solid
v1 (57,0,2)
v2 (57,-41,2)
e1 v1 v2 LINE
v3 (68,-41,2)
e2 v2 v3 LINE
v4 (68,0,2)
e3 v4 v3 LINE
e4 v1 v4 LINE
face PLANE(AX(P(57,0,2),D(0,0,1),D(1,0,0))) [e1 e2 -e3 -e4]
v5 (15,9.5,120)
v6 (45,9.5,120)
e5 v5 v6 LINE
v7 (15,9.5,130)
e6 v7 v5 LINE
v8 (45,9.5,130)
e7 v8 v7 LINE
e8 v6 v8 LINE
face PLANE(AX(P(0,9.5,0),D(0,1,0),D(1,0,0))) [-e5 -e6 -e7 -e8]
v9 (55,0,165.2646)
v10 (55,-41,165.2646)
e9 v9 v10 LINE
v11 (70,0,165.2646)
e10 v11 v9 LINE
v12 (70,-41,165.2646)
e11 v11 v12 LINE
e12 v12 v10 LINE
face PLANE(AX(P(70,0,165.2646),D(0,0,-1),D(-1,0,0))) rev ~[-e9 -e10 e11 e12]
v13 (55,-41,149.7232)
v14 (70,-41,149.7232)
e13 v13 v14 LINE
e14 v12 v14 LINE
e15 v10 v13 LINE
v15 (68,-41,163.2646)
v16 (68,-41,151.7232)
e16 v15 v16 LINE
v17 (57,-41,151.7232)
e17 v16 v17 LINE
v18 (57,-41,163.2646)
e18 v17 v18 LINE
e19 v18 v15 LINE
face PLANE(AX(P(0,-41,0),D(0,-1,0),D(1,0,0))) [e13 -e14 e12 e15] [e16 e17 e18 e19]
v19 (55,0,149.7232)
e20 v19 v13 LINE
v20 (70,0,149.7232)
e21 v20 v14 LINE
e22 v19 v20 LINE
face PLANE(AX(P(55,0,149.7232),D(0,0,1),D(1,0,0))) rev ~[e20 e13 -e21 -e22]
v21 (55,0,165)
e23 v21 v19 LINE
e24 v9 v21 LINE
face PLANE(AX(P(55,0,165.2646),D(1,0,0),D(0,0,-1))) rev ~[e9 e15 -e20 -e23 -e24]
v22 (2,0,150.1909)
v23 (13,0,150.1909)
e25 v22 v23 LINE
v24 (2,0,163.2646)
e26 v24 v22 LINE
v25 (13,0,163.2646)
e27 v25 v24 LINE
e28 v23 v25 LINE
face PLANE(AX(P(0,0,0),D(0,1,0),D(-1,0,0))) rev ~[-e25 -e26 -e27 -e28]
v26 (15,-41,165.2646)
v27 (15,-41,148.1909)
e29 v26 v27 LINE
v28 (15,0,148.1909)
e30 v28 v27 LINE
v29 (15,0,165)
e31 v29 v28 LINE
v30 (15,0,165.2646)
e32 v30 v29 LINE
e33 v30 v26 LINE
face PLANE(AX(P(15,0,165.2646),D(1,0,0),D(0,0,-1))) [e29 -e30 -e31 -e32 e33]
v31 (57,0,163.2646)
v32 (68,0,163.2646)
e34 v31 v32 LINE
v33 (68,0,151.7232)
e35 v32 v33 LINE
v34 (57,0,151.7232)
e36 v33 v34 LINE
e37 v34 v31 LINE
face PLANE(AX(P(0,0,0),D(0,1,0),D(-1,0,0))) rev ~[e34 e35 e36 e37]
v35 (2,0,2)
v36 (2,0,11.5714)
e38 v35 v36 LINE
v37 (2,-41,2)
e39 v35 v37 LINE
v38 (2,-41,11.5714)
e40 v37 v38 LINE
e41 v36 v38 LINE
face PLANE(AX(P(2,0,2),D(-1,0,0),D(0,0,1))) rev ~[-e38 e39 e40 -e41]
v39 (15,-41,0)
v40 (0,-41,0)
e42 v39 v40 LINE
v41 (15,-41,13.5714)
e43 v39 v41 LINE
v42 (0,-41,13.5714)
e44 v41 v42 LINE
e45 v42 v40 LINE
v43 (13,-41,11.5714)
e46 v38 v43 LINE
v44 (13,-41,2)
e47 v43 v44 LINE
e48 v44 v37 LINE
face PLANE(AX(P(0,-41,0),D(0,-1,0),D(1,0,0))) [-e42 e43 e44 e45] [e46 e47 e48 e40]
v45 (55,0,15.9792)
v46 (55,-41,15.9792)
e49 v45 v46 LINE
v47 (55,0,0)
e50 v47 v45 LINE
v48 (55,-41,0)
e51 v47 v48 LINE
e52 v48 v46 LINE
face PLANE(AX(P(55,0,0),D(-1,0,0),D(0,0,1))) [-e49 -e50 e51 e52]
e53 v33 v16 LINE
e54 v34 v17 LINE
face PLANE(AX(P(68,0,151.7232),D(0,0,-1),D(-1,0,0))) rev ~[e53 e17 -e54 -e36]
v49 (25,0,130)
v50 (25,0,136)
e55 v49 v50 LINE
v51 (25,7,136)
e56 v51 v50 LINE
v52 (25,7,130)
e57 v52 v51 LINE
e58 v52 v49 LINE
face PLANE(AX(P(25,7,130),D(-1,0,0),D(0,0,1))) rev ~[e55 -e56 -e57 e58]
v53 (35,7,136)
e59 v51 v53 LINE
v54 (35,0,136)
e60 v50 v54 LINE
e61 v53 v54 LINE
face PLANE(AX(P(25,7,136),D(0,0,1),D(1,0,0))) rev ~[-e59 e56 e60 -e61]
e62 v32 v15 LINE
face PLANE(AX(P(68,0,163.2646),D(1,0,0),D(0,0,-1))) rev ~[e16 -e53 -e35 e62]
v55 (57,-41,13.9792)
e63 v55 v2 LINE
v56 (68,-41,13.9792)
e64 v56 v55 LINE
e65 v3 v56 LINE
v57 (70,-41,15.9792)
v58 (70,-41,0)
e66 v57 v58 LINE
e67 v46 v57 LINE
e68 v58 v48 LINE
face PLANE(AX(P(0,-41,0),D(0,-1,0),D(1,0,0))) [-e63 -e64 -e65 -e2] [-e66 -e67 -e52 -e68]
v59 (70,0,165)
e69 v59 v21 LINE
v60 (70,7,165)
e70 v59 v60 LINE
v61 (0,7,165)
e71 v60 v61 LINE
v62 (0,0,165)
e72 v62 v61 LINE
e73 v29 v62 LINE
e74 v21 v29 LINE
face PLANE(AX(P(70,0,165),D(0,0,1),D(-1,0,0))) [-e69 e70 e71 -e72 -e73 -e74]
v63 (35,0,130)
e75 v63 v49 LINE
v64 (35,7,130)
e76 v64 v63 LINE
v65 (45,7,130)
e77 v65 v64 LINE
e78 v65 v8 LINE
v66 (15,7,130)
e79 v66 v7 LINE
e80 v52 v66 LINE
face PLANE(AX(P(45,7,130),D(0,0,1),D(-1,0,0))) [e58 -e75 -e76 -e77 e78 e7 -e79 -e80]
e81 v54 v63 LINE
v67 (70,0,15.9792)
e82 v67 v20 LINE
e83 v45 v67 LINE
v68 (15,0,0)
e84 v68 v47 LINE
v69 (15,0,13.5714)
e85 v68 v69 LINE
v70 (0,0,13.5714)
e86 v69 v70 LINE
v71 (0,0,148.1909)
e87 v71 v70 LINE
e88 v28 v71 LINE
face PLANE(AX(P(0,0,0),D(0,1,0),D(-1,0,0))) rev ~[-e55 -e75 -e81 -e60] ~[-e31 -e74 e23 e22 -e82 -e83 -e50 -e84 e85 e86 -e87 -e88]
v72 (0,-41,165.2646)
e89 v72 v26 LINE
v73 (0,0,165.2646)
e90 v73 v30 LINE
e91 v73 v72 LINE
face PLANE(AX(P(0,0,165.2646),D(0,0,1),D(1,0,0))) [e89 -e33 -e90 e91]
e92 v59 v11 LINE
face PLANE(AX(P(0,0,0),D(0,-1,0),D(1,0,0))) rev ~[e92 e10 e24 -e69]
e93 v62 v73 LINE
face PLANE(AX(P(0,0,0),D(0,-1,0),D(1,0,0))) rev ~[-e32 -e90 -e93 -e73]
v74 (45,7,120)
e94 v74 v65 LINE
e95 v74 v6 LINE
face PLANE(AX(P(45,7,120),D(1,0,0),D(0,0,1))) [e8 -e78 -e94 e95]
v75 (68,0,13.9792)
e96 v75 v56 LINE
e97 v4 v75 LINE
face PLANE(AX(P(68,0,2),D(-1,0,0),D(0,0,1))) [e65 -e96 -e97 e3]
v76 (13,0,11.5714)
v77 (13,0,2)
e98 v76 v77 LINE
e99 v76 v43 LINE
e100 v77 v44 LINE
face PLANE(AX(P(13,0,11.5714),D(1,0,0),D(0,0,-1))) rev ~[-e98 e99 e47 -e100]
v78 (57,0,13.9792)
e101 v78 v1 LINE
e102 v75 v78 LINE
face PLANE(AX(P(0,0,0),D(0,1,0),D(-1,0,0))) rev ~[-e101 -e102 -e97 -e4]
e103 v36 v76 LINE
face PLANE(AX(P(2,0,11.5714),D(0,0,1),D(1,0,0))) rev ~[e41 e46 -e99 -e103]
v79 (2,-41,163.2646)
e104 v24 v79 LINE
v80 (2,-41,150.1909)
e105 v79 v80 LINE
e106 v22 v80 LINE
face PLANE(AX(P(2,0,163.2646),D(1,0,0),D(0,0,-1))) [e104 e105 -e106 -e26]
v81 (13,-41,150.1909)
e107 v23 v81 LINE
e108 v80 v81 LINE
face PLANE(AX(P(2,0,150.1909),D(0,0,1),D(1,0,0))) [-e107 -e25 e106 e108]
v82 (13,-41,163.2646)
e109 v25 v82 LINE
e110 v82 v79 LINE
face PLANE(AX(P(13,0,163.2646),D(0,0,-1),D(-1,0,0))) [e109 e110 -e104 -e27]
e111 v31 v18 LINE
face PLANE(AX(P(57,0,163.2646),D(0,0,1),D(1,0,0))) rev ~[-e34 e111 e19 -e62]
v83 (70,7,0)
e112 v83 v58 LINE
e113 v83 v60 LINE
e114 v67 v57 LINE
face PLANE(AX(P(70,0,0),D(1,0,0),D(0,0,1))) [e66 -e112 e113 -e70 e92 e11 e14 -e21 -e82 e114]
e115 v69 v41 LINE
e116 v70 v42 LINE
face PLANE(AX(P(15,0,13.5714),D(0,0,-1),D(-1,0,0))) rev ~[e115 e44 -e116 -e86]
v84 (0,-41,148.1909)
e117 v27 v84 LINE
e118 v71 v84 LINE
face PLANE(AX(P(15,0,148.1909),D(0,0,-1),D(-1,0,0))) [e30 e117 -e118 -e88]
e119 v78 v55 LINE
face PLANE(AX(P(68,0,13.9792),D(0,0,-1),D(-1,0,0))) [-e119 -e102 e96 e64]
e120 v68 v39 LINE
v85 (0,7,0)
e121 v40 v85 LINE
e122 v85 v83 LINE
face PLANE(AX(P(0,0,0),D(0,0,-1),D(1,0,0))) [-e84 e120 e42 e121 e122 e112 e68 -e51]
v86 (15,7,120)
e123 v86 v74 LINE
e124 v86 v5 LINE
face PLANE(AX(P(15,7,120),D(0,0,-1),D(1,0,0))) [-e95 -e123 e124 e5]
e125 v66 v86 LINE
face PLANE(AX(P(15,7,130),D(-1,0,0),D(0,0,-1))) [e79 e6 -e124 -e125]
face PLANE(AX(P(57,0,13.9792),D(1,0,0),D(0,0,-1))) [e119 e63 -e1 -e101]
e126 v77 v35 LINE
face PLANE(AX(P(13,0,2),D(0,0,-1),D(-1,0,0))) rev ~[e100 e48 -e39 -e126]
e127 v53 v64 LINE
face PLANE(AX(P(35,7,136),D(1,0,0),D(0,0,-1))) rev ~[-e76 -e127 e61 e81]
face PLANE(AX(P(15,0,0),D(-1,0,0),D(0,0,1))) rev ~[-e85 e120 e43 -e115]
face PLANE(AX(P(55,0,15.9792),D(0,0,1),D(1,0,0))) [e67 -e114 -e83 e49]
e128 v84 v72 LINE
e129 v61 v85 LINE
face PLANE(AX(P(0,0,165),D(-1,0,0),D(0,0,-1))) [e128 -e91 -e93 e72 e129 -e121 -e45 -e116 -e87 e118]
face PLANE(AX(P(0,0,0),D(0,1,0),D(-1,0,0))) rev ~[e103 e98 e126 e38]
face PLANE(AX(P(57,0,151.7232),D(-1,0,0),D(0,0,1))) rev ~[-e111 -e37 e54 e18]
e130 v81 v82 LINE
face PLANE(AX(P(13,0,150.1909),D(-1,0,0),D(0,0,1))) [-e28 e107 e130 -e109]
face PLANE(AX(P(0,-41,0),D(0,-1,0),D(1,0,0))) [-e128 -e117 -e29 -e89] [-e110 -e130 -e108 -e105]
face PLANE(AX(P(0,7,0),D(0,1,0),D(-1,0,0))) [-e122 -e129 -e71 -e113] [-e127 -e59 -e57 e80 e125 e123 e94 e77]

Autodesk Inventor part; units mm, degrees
ref_plane "YZ Plane" through (0, 0, 0) normal (1, 0, 0) x (0, 1, 0)
ref_plane "XZ Plane" through (0, 0, 0) normal (0, 1, 0) x (-1, 0, 0)
ref_plane "XY Plane" through (0, 0, 0) normal (0, 0, 1) x (1, 0, 0)
sketch "Sketch1" plane through (0, 0, 0) normal (0, 1, 0) x (-1, 0, 0)
  line L0 (0, 0) -> (-70, 0)
  line L1 (-70, 0) -> (-70, 165)
  line L2 (-70, 165) -> (0, 165)
  line L3 (0, 165) -> (0, 0)
  dimension "d0" = 70
  dimension "d1" = 165
extrude "Extrusion1" add sketch "Sketch1" along normal blind 7
sketch "Sketch2" plane through (0, 0, 0) normal (0, -1, 0) x (1, 0, 0)
  line L0 (70, 165) -> (70, 0) projected
  line L1 (70, 0) -> (55, 0)
  line L2 (55, 0) -> (55, 15.9792)
  line L3 (55, 15.9792) -> (70, 15.9792)
  line L4 (70, 15.9792) -> (70, 0)
  line L5 (70, 0) -> (0, 0) projected
  line L6 (0, 0) -> (15, 0)
  line L7 (15, 0) -> (15, 13.5714)
  line L8 (15, 13.5714) -> (0, 13.5714)
  line L9 (0, 13.5714) -> (0, 0)
  line L10 (70, 165.2646) -> (55, 165.2646)
  line L11 (55, 165.2646) -> (55, 149.7232)
  line L12 (55, 149.7232) -> (70, 149.7232)
  line L13 (70, 149.7232) -> (70, 165.2646)
  line L14 (0, 165.2646) -> (15, 165.2646)
  line L15 (15, 165.2646) -> (15, 148.1909)
  line L16 (15, 148.1909) -> (0, 148.1909)
  line L17 (0, 148.1909) -> (0, 165.2646)
  line L18 (68, 151.7232) -> (57, 151.7232)
  line L19 (57, 151.7232) -> (57, 163.2646)
  line L20 (57, 163.2646) -> (68, 163.2646)
  line L21 (68, 163.2646) -> (68, 151.7232)
  line L22 (2, 150.1909) -> (13, 150.1909)
  line L23 (13, 150.1909) -> (13, 163.2646)
  line L24 (13, 163.2646) -> (2, 163.2646)
  line L25 (2, 163.2646) -> (2, 150.1909)
  line L26 (2, 11.5714) -> (13, 11.5714)
  line L27 (13, 11.5714) -> (13, 2)
  line L28 (13, 2) -> (2, 2)
  line L29 (2, 2) -> (2, 11.5714)
  line L30 (68, 13.9792) -> (57, 13.9792)
  line L31 (57, 13.9792) -> (57, 2)
  line L32 (57, 2) -> (68, 2)
  line L33 (68, 2) -> (68, 13.9792)
  dimension "d4" = 15
  dimension "d5" = 15
  dimension "d6" = 15
  dimension "d7" = 15
  dimension "d8" = 2
  dimension "d9" = 2
  dimension "d10" = 2
  dimension "d11" = 2
extrude "Extrusion2" add sketch "Sketch2" along normal blind 41
sketch "Sketch8" plane through (0, 7, 0) normal (0, 1, 0) x (1, 0, 0)
  line L0 (0, 0) -> (0, -165) projected
  line L1 (0, -165) -> (0, -130)
  line L2 (35, -130) -> (25, -130)
  line L3 (25, -130) -> (25, -136)
  line L4 (25, -136) -> (35, -136)
  line L5 (35, -136) -> (35, -130)
  line L6 (15, -130) -> (15, -120)
  line L7 (15, -120) -> (45, -120)
  line L8 (45, -120) -> (45, -130)
  line L9 (45, -130) -> (15, -130)
  line L10 (15, -130) -> (15, -120)
  dimension "d45" = 35
  dimension "d47" = 10
  dimension "d53" = 30
extrude "Extrusion8" add sketch "Sketch8" along normal blind 2.5 contours L2 L9 L6 L7 L8
extrude "Extrusion9" cut sketch "Sketch8" against normal blind 7 contours L5 L4 L3 L2
properties part number "piano laterale"
